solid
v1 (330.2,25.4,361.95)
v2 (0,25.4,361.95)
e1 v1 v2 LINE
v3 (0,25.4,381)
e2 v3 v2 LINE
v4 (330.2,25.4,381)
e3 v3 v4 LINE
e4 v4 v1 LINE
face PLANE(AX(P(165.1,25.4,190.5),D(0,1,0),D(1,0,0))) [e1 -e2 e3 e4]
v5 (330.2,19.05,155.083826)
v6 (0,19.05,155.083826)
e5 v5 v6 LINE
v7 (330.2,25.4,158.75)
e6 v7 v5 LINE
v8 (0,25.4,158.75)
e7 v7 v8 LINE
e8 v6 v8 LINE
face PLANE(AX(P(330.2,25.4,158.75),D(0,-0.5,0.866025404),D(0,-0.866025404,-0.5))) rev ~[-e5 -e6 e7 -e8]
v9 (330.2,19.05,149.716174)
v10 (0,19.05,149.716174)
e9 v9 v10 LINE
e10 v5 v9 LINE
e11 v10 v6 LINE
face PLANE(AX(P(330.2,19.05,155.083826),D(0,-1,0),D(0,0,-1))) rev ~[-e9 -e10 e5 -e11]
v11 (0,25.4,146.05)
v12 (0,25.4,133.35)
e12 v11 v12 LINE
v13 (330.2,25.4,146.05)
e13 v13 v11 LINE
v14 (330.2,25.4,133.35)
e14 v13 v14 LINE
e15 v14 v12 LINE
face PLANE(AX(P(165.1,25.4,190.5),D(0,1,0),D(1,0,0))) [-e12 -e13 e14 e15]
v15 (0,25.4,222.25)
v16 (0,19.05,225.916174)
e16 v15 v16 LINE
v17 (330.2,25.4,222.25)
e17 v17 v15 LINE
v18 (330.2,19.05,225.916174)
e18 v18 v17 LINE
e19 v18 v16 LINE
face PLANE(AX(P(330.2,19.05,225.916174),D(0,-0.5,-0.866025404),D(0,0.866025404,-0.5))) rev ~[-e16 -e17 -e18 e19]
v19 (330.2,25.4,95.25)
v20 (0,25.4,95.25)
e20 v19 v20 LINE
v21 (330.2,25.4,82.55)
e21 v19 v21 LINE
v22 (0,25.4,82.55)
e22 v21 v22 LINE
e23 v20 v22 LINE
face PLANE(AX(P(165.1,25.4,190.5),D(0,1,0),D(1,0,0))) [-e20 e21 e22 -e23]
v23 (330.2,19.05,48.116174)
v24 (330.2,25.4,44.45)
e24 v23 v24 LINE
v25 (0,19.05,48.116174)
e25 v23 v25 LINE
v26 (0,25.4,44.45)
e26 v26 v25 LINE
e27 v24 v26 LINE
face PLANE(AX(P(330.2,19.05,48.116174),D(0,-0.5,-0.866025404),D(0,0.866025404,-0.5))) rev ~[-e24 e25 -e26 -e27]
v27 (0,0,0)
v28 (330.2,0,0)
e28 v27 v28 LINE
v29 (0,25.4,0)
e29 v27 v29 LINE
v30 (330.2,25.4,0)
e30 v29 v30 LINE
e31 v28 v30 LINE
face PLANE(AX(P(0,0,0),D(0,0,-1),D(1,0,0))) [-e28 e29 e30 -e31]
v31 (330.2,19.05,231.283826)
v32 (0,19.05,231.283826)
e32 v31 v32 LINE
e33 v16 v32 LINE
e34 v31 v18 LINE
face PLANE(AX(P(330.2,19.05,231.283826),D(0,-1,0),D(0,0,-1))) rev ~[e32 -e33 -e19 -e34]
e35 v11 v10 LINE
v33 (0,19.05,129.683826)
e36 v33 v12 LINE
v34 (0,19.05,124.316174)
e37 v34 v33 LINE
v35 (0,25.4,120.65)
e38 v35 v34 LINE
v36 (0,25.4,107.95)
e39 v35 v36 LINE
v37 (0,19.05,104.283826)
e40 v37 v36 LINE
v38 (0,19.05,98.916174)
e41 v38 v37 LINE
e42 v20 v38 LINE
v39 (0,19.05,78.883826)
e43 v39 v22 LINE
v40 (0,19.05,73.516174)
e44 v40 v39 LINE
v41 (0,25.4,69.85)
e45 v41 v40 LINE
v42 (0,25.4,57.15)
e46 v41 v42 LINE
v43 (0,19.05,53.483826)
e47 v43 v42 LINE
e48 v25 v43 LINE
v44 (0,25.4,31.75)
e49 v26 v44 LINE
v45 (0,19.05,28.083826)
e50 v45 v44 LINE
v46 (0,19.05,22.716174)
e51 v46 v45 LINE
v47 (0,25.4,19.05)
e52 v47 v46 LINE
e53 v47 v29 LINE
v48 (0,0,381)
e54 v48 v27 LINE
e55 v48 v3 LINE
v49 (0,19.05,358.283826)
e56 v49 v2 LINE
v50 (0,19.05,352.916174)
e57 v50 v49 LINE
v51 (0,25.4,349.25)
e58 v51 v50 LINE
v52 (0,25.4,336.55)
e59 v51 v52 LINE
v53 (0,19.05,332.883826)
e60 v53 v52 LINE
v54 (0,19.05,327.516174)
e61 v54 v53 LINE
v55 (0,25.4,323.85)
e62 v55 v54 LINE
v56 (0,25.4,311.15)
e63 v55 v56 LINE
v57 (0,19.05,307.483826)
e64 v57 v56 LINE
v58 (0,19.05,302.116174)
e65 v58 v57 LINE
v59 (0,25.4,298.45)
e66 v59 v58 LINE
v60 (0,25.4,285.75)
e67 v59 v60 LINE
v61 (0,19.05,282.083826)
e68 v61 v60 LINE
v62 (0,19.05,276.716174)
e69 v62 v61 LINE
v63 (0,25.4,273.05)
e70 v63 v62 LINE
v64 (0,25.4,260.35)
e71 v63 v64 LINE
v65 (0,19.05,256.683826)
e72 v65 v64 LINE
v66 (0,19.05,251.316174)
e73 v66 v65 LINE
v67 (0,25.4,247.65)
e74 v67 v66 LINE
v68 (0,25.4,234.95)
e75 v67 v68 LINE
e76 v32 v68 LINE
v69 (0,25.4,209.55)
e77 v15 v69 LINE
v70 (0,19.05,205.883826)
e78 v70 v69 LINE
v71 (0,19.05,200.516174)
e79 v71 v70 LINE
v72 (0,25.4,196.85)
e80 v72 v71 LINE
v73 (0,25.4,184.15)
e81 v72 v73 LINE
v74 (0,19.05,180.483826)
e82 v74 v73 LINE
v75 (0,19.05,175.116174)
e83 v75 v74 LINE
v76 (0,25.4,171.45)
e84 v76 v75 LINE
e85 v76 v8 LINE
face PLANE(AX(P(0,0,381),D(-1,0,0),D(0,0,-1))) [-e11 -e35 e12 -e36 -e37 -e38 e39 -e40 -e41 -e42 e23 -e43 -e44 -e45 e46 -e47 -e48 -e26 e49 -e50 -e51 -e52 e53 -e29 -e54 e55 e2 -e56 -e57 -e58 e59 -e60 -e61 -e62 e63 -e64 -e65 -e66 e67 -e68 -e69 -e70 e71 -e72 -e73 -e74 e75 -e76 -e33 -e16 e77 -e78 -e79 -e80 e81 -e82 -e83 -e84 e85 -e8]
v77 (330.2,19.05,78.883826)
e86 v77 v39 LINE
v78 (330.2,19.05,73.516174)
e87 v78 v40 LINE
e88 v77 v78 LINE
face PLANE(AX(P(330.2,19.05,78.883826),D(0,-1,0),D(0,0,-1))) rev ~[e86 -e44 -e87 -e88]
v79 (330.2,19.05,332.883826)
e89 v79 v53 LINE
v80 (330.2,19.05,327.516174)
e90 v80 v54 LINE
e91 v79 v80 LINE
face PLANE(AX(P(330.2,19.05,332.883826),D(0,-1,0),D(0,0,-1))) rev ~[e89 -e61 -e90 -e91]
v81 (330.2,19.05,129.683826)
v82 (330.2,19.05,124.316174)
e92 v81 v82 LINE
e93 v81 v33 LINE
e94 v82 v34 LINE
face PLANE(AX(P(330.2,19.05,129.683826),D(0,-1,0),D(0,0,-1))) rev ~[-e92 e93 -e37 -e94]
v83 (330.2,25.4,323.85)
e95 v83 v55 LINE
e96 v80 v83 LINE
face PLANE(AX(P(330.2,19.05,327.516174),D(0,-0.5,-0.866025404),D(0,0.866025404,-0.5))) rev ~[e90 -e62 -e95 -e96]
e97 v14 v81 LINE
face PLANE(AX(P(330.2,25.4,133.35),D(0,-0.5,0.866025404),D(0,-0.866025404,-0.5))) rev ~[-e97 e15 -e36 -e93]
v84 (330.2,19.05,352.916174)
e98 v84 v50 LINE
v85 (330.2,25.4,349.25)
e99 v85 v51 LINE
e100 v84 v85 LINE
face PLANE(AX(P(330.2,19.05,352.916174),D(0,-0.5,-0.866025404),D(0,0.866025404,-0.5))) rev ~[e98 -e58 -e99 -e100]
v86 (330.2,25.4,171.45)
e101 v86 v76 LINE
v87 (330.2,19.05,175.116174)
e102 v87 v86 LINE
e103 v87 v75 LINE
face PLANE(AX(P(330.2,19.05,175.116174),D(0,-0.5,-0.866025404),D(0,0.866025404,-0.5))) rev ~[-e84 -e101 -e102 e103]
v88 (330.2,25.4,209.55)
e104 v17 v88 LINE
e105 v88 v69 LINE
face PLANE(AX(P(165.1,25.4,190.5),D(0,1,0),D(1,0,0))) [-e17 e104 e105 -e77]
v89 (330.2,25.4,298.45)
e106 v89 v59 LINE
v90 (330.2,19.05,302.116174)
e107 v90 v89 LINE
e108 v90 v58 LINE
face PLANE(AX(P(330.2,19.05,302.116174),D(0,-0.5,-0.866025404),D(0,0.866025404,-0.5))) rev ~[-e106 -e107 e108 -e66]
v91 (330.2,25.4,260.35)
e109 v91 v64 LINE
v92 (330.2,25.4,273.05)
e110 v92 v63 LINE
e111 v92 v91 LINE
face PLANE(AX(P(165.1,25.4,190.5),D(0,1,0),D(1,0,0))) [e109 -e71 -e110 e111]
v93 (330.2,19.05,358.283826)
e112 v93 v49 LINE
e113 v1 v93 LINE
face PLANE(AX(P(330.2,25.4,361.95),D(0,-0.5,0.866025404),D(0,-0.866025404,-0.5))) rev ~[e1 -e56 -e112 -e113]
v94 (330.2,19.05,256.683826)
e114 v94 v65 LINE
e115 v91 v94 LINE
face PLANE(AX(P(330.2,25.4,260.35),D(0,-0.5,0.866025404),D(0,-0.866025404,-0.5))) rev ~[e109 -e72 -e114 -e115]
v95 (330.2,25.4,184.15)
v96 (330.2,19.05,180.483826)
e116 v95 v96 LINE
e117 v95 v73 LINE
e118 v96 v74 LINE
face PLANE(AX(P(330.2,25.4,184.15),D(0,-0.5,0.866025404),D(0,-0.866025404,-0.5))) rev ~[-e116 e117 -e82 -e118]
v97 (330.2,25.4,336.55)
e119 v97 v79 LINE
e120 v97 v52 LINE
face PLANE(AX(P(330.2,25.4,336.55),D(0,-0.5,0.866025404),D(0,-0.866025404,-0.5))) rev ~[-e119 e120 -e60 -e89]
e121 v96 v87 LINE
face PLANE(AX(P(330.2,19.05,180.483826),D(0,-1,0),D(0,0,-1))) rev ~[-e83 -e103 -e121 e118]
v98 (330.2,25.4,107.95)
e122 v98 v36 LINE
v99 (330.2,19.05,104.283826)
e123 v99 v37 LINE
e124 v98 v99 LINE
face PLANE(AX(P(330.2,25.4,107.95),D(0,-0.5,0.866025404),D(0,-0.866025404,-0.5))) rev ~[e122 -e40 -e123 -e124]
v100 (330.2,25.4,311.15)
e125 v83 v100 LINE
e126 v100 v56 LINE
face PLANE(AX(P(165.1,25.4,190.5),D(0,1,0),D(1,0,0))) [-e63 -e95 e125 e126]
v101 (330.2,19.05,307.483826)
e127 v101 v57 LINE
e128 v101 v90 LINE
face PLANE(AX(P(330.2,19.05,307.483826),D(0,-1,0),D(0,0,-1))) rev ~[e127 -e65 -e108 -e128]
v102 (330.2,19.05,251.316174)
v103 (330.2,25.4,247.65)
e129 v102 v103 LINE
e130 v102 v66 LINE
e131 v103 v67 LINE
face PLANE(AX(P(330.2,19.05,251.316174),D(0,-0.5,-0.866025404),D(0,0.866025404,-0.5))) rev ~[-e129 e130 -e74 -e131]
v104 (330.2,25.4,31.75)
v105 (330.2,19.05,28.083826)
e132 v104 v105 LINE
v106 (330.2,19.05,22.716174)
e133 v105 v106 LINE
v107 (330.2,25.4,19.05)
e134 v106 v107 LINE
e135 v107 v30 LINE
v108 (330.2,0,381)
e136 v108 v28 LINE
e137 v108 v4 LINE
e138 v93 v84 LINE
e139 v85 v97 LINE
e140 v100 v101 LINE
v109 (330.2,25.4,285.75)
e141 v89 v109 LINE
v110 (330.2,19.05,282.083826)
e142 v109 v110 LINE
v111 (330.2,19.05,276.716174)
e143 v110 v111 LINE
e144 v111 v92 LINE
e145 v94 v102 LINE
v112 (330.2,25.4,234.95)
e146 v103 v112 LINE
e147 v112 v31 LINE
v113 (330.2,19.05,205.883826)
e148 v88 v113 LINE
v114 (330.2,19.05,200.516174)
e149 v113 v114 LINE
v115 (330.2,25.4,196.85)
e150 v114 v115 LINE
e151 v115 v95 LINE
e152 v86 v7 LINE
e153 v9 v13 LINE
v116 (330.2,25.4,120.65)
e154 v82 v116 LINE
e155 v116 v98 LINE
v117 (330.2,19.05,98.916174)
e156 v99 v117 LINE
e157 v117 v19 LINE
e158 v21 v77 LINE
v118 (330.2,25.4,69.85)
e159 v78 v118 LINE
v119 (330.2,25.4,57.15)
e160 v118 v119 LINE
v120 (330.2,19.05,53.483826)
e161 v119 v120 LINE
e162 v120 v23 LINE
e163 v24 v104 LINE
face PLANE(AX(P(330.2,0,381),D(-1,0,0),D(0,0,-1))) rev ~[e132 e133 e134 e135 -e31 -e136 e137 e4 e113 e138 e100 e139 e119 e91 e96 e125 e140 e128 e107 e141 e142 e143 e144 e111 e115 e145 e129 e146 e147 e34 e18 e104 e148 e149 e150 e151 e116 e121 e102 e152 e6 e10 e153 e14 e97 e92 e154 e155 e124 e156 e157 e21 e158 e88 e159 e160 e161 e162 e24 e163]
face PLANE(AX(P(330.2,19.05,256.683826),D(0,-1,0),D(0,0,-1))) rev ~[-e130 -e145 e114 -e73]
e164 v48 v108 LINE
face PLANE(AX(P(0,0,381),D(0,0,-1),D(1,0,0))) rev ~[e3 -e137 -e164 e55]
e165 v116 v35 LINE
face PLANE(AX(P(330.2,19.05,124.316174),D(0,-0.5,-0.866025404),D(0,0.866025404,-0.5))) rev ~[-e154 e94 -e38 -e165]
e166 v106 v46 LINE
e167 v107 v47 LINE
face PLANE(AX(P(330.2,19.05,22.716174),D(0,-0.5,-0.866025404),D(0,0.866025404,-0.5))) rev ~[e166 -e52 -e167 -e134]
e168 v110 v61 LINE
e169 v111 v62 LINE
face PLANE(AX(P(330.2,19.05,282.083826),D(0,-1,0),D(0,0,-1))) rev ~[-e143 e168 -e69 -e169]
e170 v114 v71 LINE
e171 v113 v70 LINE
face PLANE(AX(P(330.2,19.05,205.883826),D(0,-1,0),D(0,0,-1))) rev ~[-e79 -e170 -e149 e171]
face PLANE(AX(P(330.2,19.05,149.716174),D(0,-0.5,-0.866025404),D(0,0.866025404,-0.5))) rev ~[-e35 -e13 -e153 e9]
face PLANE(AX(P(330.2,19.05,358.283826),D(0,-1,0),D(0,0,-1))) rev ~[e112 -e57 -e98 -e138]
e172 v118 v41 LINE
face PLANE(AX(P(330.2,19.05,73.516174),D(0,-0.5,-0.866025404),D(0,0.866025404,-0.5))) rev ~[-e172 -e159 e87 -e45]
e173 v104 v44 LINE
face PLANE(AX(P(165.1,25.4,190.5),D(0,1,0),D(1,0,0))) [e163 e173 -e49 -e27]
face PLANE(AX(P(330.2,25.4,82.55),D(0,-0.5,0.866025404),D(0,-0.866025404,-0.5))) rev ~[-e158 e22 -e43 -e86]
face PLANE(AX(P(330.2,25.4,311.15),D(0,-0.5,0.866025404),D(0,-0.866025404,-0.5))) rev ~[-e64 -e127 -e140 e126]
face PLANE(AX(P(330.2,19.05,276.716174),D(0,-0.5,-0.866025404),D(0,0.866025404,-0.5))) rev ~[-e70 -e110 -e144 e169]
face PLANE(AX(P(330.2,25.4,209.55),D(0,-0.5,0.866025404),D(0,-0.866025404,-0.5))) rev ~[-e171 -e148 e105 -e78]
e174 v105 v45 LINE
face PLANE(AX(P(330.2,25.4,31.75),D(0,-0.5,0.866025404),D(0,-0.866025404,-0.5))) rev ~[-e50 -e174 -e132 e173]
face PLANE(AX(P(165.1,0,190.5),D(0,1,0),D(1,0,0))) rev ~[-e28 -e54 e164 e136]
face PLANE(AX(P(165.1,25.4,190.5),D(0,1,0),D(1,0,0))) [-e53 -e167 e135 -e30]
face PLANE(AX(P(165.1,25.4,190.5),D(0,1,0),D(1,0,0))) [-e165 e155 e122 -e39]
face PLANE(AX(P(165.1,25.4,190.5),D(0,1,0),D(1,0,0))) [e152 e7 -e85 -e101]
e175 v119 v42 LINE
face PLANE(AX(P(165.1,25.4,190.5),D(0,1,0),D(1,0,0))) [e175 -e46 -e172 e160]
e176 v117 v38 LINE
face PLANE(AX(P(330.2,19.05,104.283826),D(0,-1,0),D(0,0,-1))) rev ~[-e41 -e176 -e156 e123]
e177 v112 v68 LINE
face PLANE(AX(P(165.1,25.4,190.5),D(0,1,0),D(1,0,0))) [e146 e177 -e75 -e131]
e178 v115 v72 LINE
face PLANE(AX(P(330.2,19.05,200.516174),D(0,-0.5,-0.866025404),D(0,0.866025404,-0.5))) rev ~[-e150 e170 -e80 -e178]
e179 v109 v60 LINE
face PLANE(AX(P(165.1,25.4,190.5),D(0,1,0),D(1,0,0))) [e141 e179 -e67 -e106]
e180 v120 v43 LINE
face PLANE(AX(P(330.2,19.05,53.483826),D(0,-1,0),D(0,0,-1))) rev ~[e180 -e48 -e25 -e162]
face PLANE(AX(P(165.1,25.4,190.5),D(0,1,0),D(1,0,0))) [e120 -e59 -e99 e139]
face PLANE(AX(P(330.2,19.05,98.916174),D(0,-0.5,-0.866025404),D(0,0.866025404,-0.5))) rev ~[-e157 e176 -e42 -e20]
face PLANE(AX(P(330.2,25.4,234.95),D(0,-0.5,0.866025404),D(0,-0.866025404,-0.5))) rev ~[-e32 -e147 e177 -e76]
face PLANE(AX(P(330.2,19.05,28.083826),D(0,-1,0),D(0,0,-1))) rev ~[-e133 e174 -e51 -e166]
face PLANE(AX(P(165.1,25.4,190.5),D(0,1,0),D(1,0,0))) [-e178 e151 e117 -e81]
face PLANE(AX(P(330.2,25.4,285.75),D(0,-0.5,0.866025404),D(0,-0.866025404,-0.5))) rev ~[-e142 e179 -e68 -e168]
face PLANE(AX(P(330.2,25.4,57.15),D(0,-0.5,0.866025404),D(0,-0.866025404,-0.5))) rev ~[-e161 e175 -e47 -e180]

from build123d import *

# Parameters (mm, degrees)
SKETCH2_W           = 330.2
SKETCH2_H           = 381
BOSS_EXTRUDE1_DEPTH = 25.4
CUT_EXTRUDE1_DEPTH  = 505.815015625


with BuildPart() as part:
    # Sketch2 → Boss-Extrude1 (new body)
    with BuildSketch(Plane(origin=(0, 0, 0), x_dir=(1, 0, 0), z_dir=(0, 1, 0))):
        with Locations((165.1, -190.5)):
            Rectangle(SKETCH2_W, SKETCH2_H)
    extrude(amount=BOSS_EXTRUDE1_DEPTH)

    # Sketch3 → Cut-Extrude1 (cut, through all)
    with BuildSketch(Plane(origin=(330.2, 0, 0), x_dir=(0, 0, -1), z_dir=(1, 0, 0))):
        Polygon((-361.95, 25.4), (-358.283825791, 19.05), (-352.916174209, 19.05), (-349.25, 25.4), align=None)
        Polygon((-323.85, 25.4), (-336.55, 25.4), (-332.883825791, 19.05), (-327.516174209, 19.05), align=None)
        Polygon((-298.45, 25.4), (-311.15, 25.4), (-307.483825791, 19.05), (-302.116174209, 19.05), align=None)
        Polygon((-273.05, 25.4), (-285.75, 25.4), (-282.083825791, 19.05), (-276.716174209, 19.05), align=None)
        Polygon((-247.65, 25.4), (-260.35, 25.4), (-256.683825791, 19.05), (-251.316174209, 19.05), align=None)
        Polygon((-222.25, 25.4), (-234.95, 25.4), (-231.283825791, 19.05), (-225.916174209, 19.05), align=None)
        Polygon((-196.85, 25.4), (-209.55, 25.4), (-205.883825791, 19.05), (-200.516174209, 19.05), align=None)
        Polygon((-171.45, 25.4), (-184.15, 25.4), (-180.483825791, 19.05), (-175.116174209, 19.05), align=None)
        Polygon((-146.05, 25.4), (-158.75, 25.4), (-155.083825791, 19.05), (-149.716174209, 19.05), align=None)
        Polygon((-120.65, 25.4), (-133.35, 25.4), (-129.683825791, 19.05), (-124.316174209, 19.05), align=None)
        Polygon((-95.25, 25.4), (-107.95, 25.4), (-104.283825791, 19.05), (-98.916174209, 19.05), align=None)
        Polygon((-69.85, 25.4), (-82.55, 25.4), (-78.883825791, 19.05), (-73.516174209, 19.05), align=None)
        Polygon((-44.45, 25.4), (-57.15, 25.4), (-53.483825791, 19.05), (-48.116174209, 19.05), align=None)
        Polygon((-19.05, 25.4), (-31.75, 25.4), (-28.083825791, 19.05), (-22.716174209, 19.05), align=None)
    extrude(amount=-CUT_EXTRUDE1_DEPTH, mode=Mode.SUBTRACT)


solid = part.part
